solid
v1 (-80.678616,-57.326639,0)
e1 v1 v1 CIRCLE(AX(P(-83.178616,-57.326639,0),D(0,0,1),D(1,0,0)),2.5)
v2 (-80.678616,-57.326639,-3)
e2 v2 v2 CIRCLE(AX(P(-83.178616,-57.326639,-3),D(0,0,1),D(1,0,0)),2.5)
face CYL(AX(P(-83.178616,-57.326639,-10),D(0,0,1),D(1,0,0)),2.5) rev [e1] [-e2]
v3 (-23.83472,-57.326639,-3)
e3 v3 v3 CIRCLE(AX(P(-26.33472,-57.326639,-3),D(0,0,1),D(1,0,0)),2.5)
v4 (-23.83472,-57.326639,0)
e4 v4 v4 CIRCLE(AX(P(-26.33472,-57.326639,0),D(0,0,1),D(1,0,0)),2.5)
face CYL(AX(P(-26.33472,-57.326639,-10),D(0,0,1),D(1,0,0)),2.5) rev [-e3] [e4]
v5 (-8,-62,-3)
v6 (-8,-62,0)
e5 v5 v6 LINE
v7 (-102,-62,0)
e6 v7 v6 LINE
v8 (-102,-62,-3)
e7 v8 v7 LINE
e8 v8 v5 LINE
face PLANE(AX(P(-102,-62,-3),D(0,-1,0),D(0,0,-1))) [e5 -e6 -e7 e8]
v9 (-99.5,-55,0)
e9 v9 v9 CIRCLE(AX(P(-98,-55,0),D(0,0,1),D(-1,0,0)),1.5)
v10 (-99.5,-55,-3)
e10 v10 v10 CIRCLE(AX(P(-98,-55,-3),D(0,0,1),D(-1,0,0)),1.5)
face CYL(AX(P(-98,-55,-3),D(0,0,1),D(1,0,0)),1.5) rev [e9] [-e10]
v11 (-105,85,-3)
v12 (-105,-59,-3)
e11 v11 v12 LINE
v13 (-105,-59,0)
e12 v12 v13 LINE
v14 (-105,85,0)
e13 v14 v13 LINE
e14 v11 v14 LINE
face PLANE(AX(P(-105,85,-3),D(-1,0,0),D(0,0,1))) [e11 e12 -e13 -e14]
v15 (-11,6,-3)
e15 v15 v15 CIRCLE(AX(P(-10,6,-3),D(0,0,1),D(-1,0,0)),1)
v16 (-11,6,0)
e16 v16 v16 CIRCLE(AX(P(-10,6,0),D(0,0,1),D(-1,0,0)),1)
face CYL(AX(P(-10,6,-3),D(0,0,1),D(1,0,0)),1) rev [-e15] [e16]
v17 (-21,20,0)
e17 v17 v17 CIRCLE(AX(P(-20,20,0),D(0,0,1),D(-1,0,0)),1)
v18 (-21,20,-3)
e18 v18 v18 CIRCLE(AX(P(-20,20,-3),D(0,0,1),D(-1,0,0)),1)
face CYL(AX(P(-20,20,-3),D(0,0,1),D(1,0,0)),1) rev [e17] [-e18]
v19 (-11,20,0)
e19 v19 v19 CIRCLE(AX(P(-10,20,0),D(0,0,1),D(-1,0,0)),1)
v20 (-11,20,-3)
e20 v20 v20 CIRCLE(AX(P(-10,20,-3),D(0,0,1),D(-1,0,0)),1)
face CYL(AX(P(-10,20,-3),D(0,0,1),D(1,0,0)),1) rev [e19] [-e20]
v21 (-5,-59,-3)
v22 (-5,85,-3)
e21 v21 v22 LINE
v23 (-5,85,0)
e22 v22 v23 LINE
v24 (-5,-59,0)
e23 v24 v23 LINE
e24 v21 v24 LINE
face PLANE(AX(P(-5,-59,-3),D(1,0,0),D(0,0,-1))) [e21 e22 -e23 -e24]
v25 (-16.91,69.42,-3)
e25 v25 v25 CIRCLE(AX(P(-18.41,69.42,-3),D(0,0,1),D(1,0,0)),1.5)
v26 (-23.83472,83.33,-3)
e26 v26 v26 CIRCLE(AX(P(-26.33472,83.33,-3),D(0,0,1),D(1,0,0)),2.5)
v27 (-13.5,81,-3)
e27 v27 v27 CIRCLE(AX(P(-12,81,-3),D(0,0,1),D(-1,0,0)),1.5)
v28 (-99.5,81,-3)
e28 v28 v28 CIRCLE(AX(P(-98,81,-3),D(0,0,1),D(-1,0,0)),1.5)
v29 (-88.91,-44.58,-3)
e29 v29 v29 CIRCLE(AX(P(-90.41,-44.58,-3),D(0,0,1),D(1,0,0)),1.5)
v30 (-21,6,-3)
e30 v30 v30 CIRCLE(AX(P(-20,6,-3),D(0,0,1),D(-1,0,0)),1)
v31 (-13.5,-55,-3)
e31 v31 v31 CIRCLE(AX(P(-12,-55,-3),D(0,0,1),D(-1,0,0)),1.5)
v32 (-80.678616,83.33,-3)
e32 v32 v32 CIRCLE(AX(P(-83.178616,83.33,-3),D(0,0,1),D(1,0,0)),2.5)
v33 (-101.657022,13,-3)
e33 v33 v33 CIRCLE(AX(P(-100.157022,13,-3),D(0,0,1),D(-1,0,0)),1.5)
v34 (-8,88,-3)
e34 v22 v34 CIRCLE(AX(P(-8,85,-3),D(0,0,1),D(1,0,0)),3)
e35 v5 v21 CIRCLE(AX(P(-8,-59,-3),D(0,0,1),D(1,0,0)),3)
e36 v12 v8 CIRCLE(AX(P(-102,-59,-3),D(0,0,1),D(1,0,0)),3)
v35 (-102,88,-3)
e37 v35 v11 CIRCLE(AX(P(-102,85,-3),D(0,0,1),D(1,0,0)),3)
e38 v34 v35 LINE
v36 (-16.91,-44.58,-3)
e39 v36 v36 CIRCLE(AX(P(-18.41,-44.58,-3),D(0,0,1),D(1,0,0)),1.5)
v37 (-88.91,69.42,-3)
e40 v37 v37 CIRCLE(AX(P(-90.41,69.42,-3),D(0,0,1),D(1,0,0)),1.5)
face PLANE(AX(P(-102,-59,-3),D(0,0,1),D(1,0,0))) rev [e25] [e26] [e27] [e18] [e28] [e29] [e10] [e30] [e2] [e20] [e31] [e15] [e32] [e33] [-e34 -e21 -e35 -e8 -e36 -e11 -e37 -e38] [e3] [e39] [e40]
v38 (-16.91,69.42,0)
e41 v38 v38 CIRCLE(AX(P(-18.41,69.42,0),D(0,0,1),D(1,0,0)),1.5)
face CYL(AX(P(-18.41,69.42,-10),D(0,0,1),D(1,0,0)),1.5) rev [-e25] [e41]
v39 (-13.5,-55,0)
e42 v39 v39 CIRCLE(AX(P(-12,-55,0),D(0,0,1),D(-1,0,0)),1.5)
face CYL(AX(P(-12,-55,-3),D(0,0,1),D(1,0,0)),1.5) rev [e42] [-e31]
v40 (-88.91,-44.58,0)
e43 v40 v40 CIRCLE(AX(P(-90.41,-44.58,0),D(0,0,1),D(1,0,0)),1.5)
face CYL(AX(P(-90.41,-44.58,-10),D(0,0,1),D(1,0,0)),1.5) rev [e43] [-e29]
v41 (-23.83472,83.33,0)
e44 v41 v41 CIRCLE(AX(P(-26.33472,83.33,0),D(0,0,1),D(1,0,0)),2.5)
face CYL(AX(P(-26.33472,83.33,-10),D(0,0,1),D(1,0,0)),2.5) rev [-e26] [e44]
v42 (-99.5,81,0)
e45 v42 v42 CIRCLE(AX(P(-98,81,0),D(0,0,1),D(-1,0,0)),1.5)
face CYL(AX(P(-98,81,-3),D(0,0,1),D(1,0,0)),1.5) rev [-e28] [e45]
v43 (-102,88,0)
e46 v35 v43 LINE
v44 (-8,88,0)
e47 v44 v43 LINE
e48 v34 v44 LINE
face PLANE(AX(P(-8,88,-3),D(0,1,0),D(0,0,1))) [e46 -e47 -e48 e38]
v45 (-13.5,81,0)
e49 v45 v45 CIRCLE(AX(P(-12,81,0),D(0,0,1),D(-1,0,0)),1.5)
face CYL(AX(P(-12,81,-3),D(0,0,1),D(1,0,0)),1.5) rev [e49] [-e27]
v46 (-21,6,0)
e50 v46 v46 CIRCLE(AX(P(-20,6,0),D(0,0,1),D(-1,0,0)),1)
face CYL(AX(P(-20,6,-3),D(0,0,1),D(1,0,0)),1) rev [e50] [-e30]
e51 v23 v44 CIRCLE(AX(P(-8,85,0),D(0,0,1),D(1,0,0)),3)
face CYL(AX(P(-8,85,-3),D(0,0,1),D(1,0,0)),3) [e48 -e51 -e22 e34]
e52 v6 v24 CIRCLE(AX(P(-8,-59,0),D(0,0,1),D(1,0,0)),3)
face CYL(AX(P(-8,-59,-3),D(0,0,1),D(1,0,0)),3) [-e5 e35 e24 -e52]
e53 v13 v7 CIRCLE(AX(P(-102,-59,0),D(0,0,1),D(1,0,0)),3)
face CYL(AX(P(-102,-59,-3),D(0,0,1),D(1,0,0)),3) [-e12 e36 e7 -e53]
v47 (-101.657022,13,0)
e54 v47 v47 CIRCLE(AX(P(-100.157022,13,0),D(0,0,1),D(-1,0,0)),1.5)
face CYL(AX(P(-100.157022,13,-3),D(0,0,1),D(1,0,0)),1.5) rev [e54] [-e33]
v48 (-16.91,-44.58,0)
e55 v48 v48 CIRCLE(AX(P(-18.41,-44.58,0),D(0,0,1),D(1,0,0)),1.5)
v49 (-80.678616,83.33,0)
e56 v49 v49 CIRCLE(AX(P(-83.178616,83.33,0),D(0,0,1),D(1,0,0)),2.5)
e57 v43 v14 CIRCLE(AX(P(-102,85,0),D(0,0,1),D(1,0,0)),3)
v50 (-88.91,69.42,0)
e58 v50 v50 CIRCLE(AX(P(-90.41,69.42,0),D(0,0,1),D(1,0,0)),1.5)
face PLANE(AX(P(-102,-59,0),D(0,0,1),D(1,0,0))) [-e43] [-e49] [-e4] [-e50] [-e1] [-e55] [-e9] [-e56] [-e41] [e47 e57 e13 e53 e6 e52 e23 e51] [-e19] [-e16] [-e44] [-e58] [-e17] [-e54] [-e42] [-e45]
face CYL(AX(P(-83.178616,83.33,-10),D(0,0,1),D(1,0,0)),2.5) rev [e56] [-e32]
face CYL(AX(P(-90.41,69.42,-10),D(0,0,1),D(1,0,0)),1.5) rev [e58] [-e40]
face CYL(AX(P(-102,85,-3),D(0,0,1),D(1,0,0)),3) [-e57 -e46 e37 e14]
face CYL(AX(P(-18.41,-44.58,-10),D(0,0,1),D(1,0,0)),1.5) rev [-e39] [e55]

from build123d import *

# Parameters (mm, degrees)
SKETCH_1_R          = 1.5
SKETCH_1_R_2        = 1
EXTRUDE_1_DEPTH     = 3
SKETCH_2_R          = 1.5
CUT_EXTRUDE_2_DEPTH = 10
SKETCH_2_6_R        = 2.5
CUT_EXTRUDE_3_DEPTH = 10
SKETCH_2_7_R        = 2.5
CUT_EXTRUDE_4_DEPTH = 10


with BuildPart() as part:
    # 草图1 → 凸台-拉伸1 (new body)
    with BuildSketch(Plane.XY):
        with BuildLine():
            Line((-102, -62), (-8, -62))
            ThreePointArc((-8, -62), (-5.878679656, -61.121320344), (-5, -59))
            Line((-5, -59), (-5, 85))
            ThreePointArc((-5, 85), (-5.878679656, 87.121320344), (-8, 88))
            Line((-8, 88), (-102, 88))
            ThreePointArc((-102, 88), (-104.121320344, 87.121320344), (-105, 85))
            Line((-105, 85), (-105, -59))
            ThreePointArc((-105, -59), (-104.121320344, -61.121320344), (-102, -62))
        make_face()
        with Locations((-100.157022476, 13)):
            Circle(SKETCH_1_R, mode=Mode.SUBTRACT)
        with Locations((-12, 81)):
            Circle(SKETCH_1_R, mode=Mode.SUBTRACT)
        with Locations((-98, -55)):
            Circle(SKETCH_1_R, mode=Mode.SUBTRACT)
        with Locations((-98, 81)):
            Circle(SKETCH_1_R, mode=Mode.SUBTRACT)
        with Locations((-12, -55)):
            Circle(SKETCH_1_R, mode=Mode.SUBTRACT)
        with Locations((-10, 6)):
            Circle(SKETCH_1_R_2, mode=Mode.SUBTRACT)
        with Locations((-20, 20)):
            Circle(SKETCH_1_R_2, mode=Mode.SUBTRACT)
        with Locations((-20, 6)):
            Circle(SKETCH_1_R_2, mode=Mode.SUBTRACT)
        with Locations((-10, 20)):
            Circle(SKETCH_1_R_2, mode=Mode.SUBTRACT)
    extrude(amount=-EXTRUDE_1_DEPTH)

    # 草图2 → 切除-拉伸2 (cut)
    with BuildSketch(Plane.XY):
        with Locations((-90.41, 69.42)):
            Circle(SKETCH_2_R)
        with Locations((-18.41, 69.42)):
            Circle(SKETCH_2_R)
        with Locations((-90.41, -44.58)):
            Circle(SKETCH_2_R)
        with Locations((-18.41, -44.58)):
            Circle(SKETCH_2_R)
    extrude(amount=-CUT_EXTRUDE_2_DEPTH, mode=Mode.SUBTRACT)

    # 草图2<6> → 切除-拉伸3 (cut)
    with BuildSketch(Plane.XY):
        with Locations((-83.178616271, -57.326639146)):
            Circle(SKETCH_2_6_R)
        with Locations((-26.33472009, -57.326639146)):
            Circle(SKETCH_2_6_R)
    extrude(amount=-CUT_EXTRUDE_3_DEPTH, mode=Mode.SUBTRACT)

    # 草图2<7> → 切除-拉伸4 (cut)
    with BuildSketch(Plane.XY):
        with Locations((-83.178616271, 83.33)):
            Circle(SKETCH_2_7_R)
        with Locations((-26.33472009, 83.33)):
            Circle(SKETCH_2_7_R)
    extrude(amount=-CUT_EXTRUDE_4_DEPTH, mode=Mode.SUBTRACT)


solid = part.part
